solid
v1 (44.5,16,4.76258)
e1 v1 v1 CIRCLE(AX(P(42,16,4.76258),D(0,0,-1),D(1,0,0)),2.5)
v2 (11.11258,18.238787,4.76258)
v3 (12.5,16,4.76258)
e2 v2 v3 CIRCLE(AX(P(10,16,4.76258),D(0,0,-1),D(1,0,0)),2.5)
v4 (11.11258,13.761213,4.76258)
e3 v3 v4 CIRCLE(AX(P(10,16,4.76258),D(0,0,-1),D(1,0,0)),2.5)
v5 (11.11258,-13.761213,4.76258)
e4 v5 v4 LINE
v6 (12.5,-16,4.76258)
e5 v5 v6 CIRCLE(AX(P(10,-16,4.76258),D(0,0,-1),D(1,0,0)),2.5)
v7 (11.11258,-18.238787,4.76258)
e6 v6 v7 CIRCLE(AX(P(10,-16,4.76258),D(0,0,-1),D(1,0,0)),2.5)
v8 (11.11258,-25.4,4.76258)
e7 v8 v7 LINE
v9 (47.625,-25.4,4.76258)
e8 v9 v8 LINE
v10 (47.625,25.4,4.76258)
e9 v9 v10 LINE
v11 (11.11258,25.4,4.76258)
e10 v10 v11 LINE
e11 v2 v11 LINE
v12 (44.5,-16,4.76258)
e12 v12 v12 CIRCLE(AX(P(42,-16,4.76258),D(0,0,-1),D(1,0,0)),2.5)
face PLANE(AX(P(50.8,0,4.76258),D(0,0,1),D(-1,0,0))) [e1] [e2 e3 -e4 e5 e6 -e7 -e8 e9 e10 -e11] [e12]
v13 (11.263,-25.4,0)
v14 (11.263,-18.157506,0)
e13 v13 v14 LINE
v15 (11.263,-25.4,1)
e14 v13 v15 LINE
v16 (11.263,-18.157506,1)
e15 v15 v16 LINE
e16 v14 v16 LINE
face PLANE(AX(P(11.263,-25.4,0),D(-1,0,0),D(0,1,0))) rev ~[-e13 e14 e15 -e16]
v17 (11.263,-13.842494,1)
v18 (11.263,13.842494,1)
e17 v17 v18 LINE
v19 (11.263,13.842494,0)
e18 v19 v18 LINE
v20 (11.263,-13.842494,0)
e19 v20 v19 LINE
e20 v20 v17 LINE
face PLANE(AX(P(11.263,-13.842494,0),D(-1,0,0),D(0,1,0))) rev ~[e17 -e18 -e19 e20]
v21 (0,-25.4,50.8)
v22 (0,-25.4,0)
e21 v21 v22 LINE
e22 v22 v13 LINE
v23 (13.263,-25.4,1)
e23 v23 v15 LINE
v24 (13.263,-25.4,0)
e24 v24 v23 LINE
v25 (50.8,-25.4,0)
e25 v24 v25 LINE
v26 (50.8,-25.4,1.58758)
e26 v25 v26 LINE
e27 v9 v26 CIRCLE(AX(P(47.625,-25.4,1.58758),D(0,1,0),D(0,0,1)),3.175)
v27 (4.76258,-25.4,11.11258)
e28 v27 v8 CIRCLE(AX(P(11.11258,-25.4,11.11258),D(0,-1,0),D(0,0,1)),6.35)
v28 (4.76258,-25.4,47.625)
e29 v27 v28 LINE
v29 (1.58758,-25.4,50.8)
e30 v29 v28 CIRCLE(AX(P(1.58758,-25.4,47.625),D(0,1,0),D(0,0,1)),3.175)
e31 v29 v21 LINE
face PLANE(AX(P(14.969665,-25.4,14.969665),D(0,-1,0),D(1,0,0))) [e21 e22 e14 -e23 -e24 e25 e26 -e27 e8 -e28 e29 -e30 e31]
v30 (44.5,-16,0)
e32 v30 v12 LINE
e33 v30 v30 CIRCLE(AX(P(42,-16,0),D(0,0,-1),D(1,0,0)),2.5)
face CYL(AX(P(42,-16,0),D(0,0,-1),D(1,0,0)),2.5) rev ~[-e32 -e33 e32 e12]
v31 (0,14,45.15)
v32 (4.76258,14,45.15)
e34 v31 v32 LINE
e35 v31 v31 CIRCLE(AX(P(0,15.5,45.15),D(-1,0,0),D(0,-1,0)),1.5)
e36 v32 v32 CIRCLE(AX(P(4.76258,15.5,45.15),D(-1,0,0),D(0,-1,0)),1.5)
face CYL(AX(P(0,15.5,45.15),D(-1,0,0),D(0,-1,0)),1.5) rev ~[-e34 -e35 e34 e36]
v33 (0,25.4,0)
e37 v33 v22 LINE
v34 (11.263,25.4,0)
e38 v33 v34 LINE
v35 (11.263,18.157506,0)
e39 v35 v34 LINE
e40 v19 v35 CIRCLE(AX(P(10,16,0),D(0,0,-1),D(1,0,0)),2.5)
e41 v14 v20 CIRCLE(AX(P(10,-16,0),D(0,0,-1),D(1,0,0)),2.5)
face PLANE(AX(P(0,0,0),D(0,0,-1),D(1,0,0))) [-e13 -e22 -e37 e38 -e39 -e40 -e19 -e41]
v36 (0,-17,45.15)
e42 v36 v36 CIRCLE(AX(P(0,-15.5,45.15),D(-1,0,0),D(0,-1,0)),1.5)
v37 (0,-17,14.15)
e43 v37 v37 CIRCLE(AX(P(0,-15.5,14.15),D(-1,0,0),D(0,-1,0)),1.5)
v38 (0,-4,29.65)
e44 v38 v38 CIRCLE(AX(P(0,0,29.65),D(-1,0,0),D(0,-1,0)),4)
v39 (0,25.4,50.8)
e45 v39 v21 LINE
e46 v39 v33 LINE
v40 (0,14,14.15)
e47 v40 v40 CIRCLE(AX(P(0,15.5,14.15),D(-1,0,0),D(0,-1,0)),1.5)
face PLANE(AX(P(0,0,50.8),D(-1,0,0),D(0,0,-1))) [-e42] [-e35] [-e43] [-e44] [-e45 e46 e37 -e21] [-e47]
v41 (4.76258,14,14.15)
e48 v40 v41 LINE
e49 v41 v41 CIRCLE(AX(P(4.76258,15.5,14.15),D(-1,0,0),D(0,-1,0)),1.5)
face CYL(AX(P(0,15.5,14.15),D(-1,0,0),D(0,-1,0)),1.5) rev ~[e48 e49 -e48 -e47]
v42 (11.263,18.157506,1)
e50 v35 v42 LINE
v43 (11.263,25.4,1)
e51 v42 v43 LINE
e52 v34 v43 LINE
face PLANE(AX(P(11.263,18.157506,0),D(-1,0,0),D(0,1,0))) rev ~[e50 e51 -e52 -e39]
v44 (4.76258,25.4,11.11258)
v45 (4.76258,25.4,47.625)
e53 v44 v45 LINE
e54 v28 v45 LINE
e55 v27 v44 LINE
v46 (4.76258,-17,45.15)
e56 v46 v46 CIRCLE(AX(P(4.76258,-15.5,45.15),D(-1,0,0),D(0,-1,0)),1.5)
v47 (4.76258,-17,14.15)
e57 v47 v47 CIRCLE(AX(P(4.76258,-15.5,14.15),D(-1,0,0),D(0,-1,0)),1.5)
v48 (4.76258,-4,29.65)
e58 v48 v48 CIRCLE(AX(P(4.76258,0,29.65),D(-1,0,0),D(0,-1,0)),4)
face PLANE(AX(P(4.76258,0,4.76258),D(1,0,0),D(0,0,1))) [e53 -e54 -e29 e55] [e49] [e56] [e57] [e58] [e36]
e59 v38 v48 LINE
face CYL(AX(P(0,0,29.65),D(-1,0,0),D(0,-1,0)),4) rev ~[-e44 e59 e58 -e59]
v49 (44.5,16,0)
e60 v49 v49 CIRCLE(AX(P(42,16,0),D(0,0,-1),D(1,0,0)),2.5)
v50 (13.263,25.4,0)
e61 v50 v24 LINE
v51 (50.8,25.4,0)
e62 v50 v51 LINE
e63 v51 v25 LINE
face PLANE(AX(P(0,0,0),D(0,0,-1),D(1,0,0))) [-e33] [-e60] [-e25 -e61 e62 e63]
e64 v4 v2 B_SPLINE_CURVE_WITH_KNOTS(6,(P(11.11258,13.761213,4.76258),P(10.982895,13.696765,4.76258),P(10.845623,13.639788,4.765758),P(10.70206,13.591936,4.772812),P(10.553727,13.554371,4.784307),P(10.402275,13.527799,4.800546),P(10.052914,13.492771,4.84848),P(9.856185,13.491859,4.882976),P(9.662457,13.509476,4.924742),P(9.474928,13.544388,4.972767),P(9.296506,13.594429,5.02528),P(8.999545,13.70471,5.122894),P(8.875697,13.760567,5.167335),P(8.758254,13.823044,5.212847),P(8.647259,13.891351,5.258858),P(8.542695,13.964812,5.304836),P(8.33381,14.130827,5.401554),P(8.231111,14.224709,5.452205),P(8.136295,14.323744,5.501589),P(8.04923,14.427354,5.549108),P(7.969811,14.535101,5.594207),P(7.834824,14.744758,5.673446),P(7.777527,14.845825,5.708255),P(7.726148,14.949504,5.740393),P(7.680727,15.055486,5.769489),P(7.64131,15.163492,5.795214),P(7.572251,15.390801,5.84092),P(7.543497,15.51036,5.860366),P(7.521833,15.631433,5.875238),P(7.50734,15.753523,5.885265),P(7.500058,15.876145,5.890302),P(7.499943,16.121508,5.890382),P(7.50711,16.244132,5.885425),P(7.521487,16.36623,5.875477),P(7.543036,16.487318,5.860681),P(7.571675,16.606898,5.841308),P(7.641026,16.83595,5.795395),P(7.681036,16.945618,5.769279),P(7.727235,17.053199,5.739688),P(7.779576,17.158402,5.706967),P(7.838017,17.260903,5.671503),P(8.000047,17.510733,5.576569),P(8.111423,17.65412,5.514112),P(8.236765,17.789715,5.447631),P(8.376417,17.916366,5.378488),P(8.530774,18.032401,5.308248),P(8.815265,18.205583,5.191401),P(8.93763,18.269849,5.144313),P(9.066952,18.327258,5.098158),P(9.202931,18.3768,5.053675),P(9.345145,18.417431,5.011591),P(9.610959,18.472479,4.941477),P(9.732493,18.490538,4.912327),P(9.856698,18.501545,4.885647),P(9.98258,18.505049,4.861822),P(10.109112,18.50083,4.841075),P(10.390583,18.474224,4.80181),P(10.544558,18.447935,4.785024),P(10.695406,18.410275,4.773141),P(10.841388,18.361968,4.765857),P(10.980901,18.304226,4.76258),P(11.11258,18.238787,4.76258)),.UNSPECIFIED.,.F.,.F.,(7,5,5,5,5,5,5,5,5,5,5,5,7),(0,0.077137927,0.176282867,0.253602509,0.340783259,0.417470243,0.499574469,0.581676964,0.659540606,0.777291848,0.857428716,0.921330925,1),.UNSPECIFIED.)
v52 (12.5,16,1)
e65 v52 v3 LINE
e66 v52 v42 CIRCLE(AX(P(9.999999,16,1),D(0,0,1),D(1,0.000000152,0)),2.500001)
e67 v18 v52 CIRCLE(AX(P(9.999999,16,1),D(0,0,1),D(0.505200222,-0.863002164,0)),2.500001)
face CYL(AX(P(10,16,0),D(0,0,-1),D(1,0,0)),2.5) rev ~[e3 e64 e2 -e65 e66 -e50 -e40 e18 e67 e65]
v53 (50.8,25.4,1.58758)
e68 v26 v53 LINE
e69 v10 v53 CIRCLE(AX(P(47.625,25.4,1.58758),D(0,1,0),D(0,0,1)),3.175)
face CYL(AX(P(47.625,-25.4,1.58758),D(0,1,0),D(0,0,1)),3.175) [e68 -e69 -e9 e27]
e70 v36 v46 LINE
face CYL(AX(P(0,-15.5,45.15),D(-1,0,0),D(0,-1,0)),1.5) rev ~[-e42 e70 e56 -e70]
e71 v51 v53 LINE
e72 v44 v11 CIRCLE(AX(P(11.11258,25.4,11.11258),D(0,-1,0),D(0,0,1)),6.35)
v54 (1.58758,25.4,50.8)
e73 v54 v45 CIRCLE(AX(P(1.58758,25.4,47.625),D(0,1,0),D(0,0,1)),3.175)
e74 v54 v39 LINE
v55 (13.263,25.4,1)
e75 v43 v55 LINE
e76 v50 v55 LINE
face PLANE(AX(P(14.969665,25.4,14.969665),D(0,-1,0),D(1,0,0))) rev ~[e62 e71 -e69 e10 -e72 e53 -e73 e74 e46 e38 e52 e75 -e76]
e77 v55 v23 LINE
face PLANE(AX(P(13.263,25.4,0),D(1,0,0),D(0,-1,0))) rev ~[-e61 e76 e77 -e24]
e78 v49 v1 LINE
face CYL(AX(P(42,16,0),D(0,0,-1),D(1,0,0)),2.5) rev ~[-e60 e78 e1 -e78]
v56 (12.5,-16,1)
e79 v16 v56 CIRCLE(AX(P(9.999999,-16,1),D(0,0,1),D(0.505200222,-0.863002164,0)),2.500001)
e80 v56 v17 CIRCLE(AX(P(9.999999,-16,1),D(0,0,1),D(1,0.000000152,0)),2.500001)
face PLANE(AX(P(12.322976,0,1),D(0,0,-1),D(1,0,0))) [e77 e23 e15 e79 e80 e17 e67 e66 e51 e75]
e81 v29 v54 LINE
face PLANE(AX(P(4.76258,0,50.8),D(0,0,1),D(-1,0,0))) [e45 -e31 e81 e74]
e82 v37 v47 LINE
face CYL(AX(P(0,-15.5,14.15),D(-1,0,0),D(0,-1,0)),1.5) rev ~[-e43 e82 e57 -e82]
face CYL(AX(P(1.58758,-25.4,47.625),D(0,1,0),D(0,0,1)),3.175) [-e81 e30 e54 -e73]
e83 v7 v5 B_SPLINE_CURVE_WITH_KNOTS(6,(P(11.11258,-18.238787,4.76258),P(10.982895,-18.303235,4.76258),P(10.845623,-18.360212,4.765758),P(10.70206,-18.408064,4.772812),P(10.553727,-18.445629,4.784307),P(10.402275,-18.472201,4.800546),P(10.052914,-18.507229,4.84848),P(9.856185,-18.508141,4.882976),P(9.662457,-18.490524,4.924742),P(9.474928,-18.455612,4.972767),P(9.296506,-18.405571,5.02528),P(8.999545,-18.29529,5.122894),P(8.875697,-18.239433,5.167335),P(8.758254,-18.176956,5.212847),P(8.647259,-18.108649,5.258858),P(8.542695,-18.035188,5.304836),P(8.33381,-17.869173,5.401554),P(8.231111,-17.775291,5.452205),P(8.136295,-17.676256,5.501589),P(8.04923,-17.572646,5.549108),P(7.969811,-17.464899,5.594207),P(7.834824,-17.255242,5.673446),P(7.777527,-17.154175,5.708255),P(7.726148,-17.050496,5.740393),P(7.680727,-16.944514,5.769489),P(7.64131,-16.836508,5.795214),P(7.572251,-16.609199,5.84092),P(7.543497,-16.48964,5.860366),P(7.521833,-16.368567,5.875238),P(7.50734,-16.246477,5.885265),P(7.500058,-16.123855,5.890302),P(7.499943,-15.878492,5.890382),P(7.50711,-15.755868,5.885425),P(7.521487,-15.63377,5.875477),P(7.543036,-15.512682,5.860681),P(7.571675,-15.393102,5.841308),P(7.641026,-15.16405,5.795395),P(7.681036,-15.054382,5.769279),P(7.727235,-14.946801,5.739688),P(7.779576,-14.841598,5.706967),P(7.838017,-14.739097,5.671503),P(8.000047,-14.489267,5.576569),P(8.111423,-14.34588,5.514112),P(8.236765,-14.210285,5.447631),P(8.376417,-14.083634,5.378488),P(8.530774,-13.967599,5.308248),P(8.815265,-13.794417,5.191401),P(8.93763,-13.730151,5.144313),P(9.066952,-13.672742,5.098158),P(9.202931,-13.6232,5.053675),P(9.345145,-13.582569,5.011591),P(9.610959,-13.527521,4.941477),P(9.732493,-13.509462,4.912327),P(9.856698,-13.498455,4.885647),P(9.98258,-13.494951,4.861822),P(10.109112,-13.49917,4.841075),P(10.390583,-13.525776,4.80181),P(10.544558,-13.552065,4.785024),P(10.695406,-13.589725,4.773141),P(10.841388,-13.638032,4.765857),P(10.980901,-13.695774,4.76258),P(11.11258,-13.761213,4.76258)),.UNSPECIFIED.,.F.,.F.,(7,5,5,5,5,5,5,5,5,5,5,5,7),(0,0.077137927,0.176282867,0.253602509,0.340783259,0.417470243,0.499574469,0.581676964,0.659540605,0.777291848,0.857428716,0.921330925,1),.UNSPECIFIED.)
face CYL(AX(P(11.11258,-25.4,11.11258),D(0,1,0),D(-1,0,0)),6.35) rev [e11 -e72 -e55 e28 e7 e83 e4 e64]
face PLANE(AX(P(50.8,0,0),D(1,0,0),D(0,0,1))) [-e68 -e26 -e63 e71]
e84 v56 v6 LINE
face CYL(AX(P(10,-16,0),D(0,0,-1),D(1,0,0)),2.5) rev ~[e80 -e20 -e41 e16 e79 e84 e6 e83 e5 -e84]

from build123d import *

# Parameters (mm, degrees)
F1_DEPTH = 25.4
F2_R     = 3.175
F3_R     = 6.35
F4_R     = 2.5
F5_DEPTH = 50.801
F6_R     = 1.5
F6_R_2   = 4
F7_DEPTH = 50.801
F9_DEPTH = 1


with BuildPart() as f1:
    # F0 (on Front) → F1 (new body, symmetric)
    with BuildSketch(Plane.XZ):
        Polygon((4.76258, 50.8), (0, 50.8), (0, 0), (50.8, 0), (50.8, 4.76258), (4.76258, 4.76258), align=None)
    extrude(amount=F1_DEPTH, both=True)

    # F2
    f2_edges = [f1.edges().sort_by_distance(p)[0] for p in [
        (4.76258, 0, 50.8),
        (50.8, 0, 4.76258),
    ]]
    fillet(f2_edges, radius=F2_R)

    # F3
    f3_edges = [f1.edges().sort_by_distance(p)[0] for p in [
        (4.76258, 0, 4.76258),
    ]]
    fillet(f3_edges, radius=F3_R)

    # F4 (on face) → F5 (cut, through all)
    with BuildSketch(Plane(origin=(0, 0, 0), x_dir=(1, 0, 0), z_dir=(0, 0, -1))):
        with Locations((10, 16)):
            Circle(F4_R)
        with Locations((42, 16)):
            Circle(F4_R)
        with Locations((42, -16)):
            Circle(F4_R)
        with Locations((10, -16)):
            Circle(F4_R)
    extrude(amount=-F5_DEPTH, mode=Mode.SUBTRACT)

    # F6 (on face) → F7 (cut, through all)
    with BuildSketch(Plane(origin=(0, 0, 0), x_dir=(0, -1, 0), z_dir=(-1, 0, 0))):
        with Locations((15.5, 45.15)):
            Circle(F6_R)
        with Locations((15.5, 14.15)):
            Circle(F6_R)
        with Locations((-15.5, 14.15)):
            Circle(F6_R)
        with Locations((-15.5, 45.15)):
            Circle(F6_R)
        with Locations((0, 29.65)):
            Circle(F6_R_2)
    extrude(amount=-F7_DEPTH, mode=Mode.SUBTRACT)

    # F8 (on face) → F9 (cut)
    with BuildSketch(Plane(origin=(0, 0, 0), x_dir=(1, 0, 0), z_dir=(0, 0, -1))):
        with BuildLine():
            Line((13.263, -25.4), (13.263, 25.4))
            Line((13.263, 25.4), (11.263, 25.4))
            Line((11.263, 25.4), (11.263, 18.157506))
            ThreePointArc((11.263, 18.157506), (12.168813, 17.243483), (12.5, 16))
            ThreePointArc((12.5, 16), (12.168813, 14.756517), (11.263, 13.842494))
            Line((11.263, 13.842494), (11.263, -13.842494))
            ThreePointArc((11.263, -13.842494), (12.168813, -14.756517), (12.5, -16))
            ThreePointArc((12.5, -16), (12.168813, -17.243483), (11.263, -18.157506))
            Line((11.263, -18.157506), (11.263, -25.4))
            Line((11.263, -25.4), (13.263, -25.4))
        make_face()
    extrude(amount=-F9_DEPTH, mode=Mode.SUBTRACT)


solid = f1.part
